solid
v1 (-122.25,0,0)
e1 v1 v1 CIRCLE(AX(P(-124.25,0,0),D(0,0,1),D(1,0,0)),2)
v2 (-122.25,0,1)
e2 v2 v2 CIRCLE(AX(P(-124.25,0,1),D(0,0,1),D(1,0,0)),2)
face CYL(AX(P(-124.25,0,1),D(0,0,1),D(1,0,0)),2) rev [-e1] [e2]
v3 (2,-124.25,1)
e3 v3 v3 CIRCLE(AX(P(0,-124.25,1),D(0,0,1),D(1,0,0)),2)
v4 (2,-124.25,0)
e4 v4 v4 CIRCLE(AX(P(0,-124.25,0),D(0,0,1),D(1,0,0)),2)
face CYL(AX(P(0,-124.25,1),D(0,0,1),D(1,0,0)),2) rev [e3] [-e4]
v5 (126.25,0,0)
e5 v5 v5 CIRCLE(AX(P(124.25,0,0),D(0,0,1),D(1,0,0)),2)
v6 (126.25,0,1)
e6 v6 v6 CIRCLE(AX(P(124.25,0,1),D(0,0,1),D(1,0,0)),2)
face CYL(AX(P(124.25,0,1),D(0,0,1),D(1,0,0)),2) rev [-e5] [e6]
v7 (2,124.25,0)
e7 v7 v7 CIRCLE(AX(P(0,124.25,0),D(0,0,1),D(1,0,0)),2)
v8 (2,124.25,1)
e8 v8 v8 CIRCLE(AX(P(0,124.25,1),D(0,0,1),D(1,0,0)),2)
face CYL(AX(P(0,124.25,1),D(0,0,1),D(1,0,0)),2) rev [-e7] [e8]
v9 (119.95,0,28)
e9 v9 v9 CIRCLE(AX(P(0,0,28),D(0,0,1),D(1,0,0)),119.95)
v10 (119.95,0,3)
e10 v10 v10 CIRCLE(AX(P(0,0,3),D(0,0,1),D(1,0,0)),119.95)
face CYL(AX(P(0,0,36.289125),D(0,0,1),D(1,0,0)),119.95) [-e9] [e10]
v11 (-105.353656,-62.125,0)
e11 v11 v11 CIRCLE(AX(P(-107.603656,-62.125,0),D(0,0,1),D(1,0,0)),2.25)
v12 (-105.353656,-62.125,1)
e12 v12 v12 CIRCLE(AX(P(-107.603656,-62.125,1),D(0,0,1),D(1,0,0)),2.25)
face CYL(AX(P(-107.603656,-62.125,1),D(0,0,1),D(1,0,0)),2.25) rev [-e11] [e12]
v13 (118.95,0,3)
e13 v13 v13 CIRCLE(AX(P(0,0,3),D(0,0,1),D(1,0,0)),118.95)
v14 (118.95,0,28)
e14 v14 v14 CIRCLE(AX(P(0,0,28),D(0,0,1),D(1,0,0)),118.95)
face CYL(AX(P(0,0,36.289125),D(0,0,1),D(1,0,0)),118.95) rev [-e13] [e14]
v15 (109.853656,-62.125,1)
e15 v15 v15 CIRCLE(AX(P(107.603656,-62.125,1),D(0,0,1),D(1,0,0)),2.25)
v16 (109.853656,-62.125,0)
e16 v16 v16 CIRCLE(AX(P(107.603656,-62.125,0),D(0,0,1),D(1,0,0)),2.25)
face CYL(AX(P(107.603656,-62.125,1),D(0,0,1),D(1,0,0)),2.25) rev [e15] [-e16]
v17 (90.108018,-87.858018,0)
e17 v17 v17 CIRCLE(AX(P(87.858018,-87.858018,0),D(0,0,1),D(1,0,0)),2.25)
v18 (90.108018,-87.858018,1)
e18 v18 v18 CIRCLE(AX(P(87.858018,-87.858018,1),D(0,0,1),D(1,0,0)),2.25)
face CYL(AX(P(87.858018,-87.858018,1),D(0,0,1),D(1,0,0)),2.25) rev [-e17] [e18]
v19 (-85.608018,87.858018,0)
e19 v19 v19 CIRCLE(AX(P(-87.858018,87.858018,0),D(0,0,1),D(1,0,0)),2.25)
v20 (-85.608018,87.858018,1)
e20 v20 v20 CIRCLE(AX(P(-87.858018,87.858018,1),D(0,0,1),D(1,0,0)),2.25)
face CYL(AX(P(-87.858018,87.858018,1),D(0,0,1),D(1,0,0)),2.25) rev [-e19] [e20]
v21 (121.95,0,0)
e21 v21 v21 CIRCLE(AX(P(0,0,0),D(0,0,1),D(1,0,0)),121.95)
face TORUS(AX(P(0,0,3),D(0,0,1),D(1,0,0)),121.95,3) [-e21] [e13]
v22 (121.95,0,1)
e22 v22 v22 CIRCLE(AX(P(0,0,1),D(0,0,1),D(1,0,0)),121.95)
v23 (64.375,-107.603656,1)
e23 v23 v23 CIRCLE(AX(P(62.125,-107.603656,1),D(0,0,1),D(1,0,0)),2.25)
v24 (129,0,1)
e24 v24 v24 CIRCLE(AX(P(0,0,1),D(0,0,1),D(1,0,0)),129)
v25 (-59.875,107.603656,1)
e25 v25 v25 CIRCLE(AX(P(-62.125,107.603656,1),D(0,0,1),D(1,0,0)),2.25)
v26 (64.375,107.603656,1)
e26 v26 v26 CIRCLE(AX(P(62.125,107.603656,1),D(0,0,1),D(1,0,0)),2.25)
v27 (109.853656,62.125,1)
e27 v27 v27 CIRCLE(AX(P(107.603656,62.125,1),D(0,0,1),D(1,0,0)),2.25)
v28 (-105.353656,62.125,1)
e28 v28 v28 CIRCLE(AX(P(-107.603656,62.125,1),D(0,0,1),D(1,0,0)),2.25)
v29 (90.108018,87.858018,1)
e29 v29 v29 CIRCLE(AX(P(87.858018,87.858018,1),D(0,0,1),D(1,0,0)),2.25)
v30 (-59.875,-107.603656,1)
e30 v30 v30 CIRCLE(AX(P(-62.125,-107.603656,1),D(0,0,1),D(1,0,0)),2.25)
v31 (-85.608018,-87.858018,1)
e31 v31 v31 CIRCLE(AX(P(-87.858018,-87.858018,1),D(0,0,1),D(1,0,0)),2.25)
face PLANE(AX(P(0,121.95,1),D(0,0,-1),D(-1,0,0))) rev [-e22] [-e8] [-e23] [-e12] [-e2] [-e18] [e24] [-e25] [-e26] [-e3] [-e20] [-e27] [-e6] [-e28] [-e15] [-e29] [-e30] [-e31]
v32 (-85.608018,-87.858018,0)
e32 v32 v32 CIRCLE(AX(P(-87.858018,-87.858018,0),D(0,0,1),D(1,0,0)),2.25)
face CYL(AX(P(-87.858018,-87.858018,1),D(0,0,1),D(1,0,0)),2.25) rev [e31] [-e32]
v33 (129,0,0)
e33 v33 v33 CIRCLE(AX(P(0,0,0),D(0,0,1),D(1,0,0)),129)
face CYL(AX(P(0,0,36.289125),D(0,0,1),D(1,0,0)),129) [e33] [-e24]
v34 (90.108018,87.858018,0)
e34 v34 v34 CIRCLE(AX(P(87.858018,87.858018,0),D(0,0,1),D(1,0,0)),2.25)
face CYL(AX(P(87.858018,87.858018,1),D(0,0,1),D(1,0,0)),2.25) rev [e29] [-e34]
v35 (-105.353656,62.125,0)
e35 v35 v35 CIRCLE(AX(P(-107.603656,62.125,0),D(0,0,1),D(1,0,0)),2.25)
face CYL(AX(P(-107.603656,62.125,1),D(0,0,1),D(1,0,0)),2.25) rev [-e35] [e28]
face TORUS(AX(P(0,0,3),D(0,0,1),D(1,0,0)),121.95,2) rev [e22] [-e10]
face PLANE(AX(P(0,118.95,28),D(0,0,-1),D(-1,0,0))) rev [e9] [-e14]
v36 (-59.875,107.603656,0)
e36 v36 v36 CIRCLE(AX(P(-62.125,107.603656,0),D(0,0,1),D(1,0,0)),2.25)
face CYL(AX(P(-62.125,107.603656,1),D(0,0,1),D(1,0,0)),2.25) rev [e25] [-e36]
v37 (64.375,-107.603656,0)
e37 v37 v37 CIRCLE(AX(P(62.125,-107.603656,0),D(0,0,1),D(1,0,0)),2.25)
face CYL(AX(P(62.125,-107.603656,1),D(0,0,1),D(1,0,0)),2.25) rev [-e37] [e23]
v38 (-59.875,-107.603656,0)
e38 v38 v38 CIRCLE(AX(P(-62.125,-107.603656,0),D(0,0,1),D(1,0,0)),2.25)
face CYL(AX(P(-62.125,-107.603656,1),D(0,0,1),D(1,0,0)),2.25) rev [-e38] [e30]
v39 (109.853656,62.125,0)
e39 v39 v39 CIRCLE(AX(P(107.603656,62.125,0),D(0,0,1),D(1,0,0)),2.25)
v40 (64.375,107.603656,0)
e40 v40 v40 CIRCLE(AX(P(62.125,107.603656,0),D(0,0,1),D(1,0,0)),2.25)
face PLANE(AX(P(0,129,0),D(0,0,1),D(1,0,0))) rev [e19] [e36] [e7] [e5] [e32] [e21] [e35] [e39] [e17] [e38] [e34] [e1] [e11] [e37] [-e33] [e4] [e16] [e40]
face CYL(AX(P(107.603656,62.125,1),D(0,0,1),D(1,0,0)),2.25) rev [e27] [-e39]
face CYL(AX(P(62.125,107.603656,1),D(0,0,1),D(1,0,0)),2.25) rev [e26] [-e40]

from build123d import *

# Parameters (mm, degrees)
F_4_5_4_5_DIAMETER_HOLE1_D = 4.5
CIRPATTERN1_COUNT          = 12
F_4_0_4_DIAMETER_HOLE1_D   = 4
CIRPATTERN2_COUNT          = 4
CIRPATTERN3_COUNT          = 4


with BuildPart() as part:
    # Sketch1 → Revolve1 (revolve)
    with BuildSketch(Plane(origin=(0, 0, 0), x_dir=(0, 0, -1), z_dir=(1, 0, 0)), mode=Mode.PRIVATE) as revolve1_sk:
        with BuildLine():
            Line((0, 129), (0, 121.95))
            ThreePointArc((0, 121.95), (-0.878679656, 119.828679656), (-3, 118.95))
            Line((-3, 118.95), (-28, 118.95))
            Line((-28, 118.95), (-28, 119.95))
            Line((-28, 119.95), (-3, 119.95))
            ThreePointArc((-3, 119.95), (-1.585786438, 120.535786438), (-1, 121.95))
            Line((-1, 121.95), (-1, 129))
            Line((-1, 129), (0, 129))
        make_face()
    revolve(revolve1_sk.sketch.rotate(Axis((0, 0, 36.289125048), (0, 0, -1)), 90), axis=Axis((0, 0, 36.289125048), (0, 0, -1)))  # turned: the seam where the file's is

    # Ø4.5 (4.5) Diameter Hole1 (through all)
    with Locations(Plane.XY.offset(1)):
        with Locations((62.125, 107.60365642)):
            f_4_5_4_5_diameter_hole1 = Hole(F_4_5_4_5_DIAMETER_HOLE1_D / 2)

    # CirPattern1: Ø4.5 (4.5) Diameter Hole1 ×12 about axis, 4 skipped
    cirpattern1_axis = Axis((0, 0, -80.9), (0, 0, 1))
    add([f_4_5_4_5_diameter_hole1.rotate(cirpattern1_axis, i * 360 / CIRPATTERN1_COUNT) for i in range(1, CIRPATTERN1_COUNT) if i not in (1, 4, 7, 10)], mode=Mode.SUBTRACT)

    # Ø4.0 (4) Diameter Hole1 (through all)
    with Locations(Plane.XY.offset(1)):
        with Locations((124.25, 0)):
            f_4_0_4_diameter_hole1 = Hole(F_4_0_4_DIAMETER_HOLE1_D / 2)

    # CirPattern2: Ø4.0 (4) Diameter Hole1 ×4 about axis
    cirpattern2_axis = Axis((0, 0, 0), (0, 0, 1))
    for i in range(1, CIRPATTERN2_COUNT):
        add(f_4_0_4_diameter_hole1.rotate(cirpattern2_axis, i * 360 / CIRPATTERN2_COUNT), mode=Mode.SUBTRACT)

    # Sketch7 → Ø4.5 (4.5) Diameter Hole2 (revolve, cut)
    with BuildSketch(Plane(origin=(87.858017562, 87.858017562, 1), x_dir=(0, -1, 0), z_dir=(1, 0, 0))):
        Polygon((0, 0), (0, 2.851936393), (2.25, 1.5), (2.25, 0), align=None)
    f_4_5_4_5_diameter_hole2 = revolve(axis=Axis((87.858017562, 87.858017562, 7.35), (0, 0, -1)), mode=Mode.SUBTRACT)

    # CirPattern3: Ø4.5 (4.5) Diameter Hole2 ×4 about axis
    cirpattern3_axis = Axis((0, 0, 0), (0, 0, 1))
    for i in range(1, CIRPATTERN3_COUNT):
        add(f_4_5_4_5_diameter_hole2.rotate(cirpattern3_axis, i * 360 / CIRPATTERN3_COUNT), mode=Mode.SUBTRACT)


solid = part.part
